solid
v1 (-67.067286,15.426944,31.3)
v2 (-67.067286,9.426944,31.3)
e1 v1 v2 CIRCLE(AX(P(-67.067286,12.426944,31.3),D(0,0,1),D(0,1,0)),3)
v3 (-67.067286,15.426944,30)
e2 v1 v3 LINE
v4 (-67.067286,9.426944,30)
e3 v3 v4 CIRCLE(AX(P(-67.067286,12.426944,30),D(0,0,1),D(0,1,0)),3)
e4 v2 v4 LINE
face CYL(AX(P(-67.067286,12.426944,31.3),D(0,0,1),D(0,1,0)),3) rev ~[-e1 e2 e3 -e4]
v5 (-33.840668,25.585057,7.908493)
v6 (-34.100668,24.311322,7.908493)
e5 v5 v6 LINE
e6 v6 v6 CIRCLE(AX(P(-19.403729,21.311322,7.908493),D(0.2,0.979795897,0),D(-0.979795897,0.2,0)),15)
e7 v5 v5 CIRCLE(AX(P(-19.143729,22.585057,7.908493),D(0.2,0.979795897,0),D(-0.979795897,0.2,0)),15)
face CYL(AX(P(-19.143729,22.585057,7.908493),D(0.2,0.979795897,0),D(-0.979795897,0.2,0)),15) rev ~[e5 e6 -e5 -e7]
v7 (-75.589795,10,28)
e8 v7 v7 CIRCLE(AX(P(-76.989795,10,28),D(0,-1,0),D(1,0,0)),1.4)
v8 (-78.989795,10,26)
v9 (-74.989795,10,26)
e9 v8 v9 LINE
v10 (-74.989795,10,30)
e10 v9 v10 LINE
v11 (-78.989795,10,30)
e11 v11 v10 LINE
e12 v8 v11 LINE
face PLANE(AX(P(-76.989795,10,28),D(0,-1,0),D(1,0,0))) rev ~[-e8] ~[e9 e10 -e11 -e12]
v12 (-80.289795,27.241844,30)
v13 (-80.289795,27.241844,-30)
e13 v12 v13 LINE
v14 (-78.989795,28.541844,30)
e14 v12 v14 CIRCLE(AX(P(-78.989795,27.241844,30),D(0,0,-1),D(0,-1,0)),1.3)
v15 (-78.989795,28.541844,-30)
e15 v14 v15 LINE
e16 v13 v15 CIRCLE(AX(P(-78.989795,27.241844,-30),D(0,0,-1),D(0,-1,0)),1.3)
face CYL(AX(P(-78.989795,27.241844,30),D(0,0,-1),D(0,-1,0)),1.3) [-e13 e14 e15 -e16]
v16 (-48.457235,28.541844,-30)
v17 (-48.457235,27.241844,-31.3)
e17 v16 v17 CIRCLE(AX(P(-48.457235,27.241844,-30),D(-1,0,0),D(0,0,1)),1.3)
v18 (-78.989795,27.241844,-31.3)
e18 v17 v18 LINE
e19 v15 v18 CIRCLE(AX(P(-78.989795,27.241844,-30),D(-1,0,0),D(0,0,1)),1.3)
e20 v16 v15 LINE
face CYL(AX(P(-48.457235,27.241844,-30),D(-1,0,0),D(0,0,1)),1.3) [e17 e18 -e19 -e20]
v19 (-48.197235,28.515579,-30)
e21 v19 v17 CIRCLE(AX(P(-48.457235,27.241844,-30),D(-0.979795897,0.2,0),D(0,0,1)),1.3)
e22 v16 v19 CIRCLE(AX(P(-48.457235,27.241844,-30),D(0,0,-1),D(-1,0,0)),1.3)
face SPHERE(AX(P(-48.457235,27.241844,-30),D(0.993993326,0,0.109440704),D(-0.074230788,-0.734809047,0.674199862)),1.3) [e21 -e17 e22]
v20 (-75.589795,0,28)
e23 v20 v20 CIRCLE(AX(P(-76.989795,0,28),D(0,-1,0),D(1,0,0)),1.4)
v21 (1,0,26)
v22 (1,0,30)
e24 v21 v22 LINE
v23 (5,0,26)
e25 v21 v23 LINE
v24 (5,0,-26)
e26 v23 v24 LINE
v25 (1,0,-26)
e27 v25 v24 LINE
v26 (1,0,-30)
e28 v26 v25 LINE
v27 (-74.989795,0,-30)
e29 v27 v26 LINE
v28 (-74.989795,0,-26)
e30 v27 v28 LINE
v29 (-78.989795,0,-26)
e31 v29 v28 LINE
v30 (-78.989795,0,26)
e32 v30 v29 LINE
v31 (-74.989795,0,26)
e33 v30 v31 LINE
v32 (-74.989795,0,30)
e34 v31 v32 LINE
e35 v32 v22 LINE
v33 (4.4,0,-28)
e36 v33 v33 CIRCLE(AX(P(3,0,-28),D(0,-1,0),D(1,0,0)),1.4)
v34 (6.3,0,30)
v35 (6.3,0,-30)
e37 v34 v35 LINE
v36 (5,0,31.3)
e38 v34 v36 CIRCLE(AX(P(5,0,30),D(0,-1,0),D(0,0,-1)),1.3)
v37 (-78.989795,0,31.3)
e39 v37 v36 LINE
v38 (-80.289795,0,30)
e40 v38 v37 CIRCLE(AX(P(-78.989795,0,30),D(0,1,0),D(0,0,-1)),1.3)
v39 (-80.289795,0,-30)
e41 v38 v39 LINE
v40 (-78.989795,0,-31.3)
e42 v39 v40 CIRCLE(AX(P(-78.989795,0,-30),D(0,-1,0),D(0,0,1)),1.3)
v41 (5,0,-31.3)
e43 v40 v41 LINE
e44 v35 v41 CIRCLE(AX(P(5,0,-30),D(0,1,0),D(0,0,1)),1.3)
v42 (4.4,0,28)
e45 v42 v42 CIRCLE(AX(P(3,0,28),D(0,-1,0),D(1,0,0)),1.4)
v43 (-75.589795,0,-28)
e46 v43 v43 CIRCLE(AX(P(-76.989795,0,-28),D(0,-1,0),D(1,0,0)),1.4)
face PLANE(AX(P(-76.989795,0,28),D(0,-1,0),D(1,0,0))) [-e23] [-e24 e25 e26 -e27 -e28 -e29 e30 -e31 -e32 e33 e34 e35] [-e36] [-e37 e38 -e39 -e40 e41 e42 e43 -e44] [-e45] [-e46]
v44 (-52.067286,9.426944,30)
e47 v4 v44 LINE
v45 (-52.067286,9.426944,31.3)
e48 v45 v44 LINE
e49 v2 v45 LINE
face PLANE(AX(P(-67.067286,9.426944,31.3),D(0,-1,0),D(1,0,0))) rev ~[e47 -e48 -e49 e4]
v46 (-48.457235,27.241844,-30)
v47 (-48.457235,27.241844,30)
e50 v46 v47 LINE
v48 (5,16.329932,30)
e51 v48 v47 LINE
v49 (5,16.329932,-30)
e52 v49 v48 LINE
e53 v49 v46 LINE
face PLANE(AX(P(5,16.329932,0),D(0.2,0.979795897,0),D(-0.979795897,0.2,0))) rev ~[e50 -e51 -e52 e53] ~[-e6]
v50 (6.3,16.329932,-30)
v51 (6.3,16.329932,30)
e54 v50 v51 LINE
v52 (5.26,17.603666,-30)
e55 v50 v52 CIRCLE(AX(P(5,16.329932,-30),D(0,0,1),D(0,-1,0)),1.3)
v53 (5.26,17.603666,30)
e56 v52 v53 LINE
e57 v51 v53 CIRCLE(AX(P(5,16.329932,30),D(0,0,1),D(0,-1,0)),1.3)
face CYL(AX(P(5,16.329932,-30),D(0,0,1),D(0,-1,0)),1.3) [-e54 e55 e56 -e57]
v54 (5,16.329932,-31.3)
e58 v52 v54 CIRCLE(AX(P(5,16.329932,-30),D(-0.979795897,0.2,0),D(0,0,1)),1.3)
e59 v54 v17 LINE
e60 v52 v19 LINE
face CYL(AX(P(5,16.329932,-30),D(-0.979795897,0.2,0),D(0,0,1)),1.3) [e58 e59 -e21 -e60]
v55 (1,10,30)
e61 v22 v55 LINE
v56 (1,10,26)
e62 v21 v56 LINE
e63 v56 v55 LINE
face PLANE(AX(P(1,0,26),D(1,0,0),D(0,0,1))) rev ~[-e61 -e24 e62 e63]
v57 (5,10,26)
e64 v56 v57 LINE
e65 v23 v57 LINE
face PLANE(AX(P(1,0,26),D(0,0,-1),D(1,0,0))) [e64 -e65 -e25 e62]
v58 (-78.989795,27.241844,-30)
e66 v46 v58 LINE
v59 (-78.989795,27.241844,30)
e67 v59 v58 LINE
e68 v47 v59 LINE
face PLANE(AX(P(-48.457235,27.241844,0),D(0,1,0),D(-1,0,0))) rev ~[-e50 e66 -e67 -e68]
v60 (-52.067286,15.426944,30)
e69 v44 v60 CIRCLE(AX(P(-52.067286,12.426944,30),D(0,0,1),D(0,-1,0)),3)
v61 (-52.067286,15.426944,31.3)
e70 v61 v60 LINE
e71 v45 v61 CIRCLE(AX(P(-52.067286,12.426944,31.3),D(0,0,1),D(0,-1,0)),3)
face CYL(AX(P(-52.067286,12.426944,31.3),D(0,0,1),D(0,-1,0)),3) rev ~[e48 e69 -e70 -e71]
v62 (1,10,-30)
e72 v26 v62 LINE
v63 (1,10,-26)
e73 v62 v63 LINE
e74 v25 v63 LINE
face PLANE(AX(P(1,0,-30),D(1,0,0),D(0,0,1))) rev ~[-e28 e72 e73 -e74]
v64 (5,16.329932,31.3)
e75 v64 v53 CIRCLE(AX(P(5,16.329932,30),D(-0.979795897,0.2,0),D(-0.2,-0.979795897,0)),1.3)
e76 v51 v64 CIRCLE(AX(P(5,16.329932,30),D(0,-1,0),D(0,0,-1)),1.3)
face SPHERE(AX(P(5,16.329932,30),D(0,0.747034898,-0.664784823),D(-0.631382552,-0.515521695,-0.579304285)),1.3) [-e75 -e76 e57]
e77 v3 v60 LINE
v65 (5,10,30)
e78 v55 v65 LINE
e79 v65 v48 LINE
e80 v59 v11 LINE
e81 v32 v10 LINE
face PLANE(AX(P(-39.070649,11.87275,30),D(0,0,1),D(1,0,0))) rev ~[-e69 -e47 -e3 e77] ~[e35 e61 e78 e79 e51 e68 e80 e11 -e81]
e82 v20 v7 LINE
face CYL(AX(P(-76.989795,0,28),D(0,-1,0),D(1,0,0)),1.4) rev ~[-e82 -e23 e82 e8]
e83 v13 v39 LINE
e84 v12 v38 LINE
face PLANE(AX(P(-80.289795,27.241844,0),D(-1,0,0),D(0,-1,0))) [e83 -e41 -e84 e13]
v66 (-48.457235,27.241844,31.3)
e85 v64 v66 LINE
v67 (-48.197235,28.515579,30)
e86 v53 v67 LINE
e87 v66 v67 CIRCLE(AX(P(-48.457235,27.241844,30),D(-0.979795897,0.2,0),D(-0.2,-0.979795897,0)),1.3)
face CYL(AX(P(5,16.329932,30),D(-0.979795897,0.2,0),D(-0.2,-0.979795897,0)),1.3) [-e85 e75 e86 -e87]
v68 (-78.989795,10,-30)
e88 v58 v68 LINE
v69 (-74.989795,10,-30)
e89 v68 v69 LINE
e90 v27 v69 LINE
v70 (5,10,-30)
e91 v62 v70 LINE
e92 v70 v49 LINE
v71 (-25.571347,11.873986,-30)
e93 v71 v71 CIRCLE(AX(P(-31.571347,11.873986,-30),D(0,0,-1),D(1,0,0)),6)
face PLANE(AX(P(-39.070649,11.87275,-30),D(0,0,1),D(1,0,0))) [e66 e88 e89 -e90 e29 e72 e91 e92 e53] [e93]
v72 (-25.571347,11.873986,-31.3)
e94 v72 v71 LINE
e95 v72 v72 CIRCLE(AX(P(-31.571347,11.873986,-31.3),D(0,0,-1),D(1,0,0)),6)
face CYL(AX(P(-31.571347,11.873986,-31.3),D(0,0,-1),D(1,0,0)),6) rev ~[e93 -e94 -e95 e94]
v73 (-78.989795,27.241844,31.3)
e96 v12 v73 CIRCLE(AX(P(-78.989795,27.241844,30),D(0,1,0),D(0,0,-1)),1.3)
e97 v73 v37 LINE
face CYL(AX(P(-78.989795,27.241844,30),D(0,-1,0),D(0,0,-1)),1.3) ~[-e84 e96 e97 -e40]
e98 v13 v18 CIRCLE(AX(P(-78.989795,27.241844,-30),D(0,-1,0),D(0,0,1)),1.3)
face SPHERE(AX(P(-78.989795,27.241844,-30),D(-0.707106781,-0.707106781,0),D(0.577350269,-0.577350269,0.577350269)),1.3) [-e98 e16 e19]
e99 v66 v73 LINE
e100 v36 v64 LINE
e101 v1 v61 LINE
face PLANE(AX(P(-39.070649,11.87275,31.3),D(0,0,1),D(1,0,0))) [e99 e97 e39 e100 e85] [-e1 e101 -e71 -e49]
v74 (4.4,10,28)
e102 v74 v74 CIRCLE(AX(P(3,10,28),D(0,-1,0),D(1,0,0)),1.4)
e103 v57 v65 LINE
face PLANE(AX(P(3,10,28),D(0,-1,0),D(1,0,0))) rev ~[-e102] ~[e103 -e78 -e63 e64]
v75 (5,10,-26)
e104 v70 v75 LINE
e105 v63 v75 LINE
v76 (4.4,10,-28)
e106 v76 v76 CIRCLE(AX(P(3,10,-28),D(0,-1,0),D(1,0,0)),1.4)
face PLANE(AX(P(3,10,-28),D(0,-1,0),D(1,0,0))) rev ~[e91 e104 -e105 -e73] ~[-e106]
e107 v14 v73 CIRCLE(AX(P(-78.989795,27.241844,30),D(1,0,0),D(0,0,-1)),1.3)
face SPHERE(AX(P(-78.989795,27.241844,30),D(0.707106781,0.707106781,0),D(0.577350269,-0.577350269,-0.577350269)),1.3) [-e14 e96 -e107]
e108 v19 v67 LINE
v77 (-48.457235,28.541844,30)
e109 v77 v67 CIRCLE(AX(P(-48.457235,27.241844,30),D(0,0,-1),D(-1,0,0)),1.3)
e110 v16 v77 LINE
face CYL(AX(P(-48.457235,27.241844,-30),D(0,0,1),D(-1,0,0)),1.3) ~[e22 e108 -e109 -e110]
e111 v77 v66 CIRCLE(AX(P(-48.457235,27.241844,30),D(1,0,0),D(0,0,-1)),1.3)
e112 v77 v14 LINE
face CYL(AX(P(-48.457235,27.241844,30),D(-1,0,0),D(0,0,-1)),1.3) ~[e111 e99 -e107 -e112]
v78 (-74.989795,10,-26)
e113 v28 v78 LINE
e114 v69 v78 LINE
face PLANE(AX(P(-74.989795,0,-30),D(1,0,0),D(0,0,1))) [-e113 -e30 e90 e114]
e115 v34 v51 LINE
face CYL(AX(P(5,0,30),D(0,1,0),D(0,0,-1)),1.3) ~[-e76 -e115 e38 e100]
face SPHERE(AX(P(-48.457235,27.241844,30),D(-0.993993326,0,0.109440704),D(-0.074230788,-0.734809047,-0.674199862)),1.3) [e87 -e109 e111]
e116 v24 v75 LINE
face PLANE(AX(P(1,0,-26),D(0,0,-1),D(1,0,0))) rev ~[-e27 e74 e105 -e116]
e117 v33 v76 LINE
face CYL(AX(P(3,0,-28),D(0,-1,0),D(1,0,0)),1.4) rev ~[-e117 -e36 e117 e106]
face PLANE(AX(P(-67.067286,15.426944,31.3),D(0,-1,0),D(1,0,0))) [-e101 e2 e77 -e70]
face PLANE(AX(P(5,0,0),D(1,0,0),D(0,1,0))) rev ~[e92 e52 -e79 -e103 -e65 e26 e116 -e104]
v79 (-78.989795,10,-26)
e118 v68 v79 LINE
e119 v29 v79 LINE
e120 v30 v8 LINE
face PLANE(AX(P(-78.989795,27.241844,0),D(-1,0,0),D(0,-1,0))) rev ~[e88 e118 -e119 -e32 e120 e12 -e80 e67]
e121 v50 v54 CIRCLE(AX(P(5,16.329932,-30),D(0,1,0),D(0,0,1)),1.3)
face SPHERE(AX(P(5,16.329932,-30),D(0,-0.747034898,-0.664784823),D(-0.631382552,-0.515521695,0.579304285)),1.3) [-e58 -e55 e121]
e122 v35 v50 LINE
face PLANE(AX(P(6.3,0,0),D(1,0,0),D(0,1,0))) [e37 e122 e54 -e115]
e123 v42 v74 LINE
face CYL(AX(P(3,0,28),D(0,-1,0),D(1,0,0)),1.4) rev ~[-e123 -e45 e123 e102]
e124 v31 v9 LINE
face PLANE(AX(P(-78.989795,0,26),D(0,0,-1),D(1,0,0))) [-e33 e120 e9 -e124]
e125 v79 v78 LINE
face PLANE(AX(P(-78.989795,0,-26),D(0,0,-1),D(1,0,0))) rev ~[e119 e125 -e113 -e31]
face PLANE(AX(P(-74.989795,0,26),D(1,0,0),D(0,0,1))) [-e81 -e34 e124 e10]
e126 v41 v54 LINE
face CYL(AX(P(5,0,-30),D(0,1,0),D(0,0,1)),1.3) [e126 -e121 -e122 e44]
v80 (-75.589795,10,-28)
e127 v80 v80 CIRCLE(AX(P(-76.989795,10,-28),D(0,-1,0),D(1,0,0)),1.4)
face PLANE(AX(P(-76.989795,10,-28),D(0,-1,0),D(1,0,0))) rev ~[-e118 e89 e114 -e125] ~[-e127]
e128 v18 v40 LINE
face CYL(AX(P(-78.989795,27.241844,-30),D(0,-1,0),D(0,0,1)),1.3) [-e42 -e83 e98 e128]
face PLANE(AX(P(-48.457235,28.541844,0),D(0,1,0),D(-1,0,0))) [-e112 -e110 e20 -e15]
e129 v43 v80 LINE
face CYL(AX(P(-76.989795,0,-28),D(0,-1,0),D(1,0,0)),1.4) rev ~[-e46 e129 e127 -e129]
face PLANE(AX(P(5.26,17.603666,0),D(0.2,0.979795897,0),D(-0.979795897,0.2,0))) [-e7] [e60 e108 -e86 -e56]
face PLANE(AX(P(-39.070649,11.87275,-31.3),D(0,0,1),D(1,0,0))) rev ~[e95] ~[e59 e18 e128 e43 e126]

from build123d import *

# Parameters (mm, degrees)
PAD004_DEPTH    = 30
THICKNESS_T     = 1.3
SKETCH008_R     = 15
POCKET002_DEPTH = 5
SKETCH010_W     = 4
SKETCH010_H     = 4
SKETCH010_R     = 1.4
PAD006_DEPTH    = 10
POCKET003_DEPTH = 5
SKETCH013_R     = 6
POCKET004_DEPTH = 5


with BuildPart() as part:
    # CopySketch007 → Pad004 (new body, symmetric)
    with BuildSketch(Plane.XY):
        Polygon((5, 0), (5, 16.3299316186), (-48.4572350855, 27.2418440368), (-78.9897948557, 27.2418440368), (-78.9897948557, 0), align=None)
    extrude(amount=PAD004_DEPTH, both=True)

    # Thickness
    thickness_openings = [part.faces().sort_by_distance(p)[0] for p in [
        (-36.994897, 0, 0),
    ]]
    offset(amount=THICKNESS_T, openings=thickness_openings)

    # Sketch008 (on Face24 of Thickness) → Pocket002 (cut)
    with BuildSketch(Plane(origin=(3.66, 17.9302649172, 0), x_dir=(-0.9797958971, 0.2, 0), z_dir=(0.2, 0.9797958971, 0))):
        with Locations((23.2739585094, 7.9084926401)):
            Circle(SKETCH008_R)
    extrude(amount=-POCKET002_DEPTH, mode=Mode.SUBTRACT)

    # Sketch010 (on Face17 of Pocket002) → Pad006 (join)
    with BuildSketch(Plane.XZ):
        with Locations((-76.9897948557, 28)):
            Rectangle(SKETCH010_W, SKETCH010_H)
        with Locations((-76.9897948557, 28)):
            Circle(SKETCH010_R, mode=Mode.SUBTRACT)
        with Locations((-76.9897948557, -28)):
            Rectangle(SKETCH010_W, SKETCH010_H)
        with Locations((-76.9897948557, -28)):
            Circle(SKETCH010_R, mode=Mode.SUBTRACT)
        with Locations((3, -28)):
            Rectangle(SKETCH010_W, SKETCH010_H)
        with Locations((3, -28)):
            Circle(SKETCH010_R, mode=Mode.SUBTRACT)
        with Locations((3, 28)):
            Rectangle(SKETCH010_W, SKETCH010_H)
        with Locations((3, 28)):
            Circle(SKETCH010_R, mode=Mode.SUBTRACT)
    extrude(amount=-PAD006_DEPTH)

    # Sketch012 (on Face8 of Pad006) → Pocket003 (cut)
    with BuildSketch(Plane.XY.offset(31.3)):
        with BuildLine():
            ThreePointArc((-67.0672858986, 15.4269435951), (-70.0672858986, 12.4269435951), (-67.0672858986, 9.4269435951))
            Line((-67.0672858986, 9.4269435951), (-52.0672858986, 9.4269435951))
            ThreePointArc((-52.0672858986, 9.4269435951), (-49.0672858986, 12.4269435951), (-52.0672858986, 15.4269435951))
            Line((-67.0672858986, 15.4269435951), (-52.0672858986, 15.4269435951))
        make_face()
    extrude(amount=-POCKET003_DEPTH, mode=Mode.SUBTRACT)

    # Sketch013 (on Face25 of Pocket003) → Pocket004 (cut)
    with BuildSketch(Plane(origin=(0, 0, -31.3), x_dir=(1, 0, 0), z_dir=(0, 0, -1))):
        with Locations((-31.571347, -11.873986)):
            Circle(SKETCH013_R)
    extrude(amount=-POCKET004_DEPTH, mode=Mode.SUBTRACT)


solid = part.part
